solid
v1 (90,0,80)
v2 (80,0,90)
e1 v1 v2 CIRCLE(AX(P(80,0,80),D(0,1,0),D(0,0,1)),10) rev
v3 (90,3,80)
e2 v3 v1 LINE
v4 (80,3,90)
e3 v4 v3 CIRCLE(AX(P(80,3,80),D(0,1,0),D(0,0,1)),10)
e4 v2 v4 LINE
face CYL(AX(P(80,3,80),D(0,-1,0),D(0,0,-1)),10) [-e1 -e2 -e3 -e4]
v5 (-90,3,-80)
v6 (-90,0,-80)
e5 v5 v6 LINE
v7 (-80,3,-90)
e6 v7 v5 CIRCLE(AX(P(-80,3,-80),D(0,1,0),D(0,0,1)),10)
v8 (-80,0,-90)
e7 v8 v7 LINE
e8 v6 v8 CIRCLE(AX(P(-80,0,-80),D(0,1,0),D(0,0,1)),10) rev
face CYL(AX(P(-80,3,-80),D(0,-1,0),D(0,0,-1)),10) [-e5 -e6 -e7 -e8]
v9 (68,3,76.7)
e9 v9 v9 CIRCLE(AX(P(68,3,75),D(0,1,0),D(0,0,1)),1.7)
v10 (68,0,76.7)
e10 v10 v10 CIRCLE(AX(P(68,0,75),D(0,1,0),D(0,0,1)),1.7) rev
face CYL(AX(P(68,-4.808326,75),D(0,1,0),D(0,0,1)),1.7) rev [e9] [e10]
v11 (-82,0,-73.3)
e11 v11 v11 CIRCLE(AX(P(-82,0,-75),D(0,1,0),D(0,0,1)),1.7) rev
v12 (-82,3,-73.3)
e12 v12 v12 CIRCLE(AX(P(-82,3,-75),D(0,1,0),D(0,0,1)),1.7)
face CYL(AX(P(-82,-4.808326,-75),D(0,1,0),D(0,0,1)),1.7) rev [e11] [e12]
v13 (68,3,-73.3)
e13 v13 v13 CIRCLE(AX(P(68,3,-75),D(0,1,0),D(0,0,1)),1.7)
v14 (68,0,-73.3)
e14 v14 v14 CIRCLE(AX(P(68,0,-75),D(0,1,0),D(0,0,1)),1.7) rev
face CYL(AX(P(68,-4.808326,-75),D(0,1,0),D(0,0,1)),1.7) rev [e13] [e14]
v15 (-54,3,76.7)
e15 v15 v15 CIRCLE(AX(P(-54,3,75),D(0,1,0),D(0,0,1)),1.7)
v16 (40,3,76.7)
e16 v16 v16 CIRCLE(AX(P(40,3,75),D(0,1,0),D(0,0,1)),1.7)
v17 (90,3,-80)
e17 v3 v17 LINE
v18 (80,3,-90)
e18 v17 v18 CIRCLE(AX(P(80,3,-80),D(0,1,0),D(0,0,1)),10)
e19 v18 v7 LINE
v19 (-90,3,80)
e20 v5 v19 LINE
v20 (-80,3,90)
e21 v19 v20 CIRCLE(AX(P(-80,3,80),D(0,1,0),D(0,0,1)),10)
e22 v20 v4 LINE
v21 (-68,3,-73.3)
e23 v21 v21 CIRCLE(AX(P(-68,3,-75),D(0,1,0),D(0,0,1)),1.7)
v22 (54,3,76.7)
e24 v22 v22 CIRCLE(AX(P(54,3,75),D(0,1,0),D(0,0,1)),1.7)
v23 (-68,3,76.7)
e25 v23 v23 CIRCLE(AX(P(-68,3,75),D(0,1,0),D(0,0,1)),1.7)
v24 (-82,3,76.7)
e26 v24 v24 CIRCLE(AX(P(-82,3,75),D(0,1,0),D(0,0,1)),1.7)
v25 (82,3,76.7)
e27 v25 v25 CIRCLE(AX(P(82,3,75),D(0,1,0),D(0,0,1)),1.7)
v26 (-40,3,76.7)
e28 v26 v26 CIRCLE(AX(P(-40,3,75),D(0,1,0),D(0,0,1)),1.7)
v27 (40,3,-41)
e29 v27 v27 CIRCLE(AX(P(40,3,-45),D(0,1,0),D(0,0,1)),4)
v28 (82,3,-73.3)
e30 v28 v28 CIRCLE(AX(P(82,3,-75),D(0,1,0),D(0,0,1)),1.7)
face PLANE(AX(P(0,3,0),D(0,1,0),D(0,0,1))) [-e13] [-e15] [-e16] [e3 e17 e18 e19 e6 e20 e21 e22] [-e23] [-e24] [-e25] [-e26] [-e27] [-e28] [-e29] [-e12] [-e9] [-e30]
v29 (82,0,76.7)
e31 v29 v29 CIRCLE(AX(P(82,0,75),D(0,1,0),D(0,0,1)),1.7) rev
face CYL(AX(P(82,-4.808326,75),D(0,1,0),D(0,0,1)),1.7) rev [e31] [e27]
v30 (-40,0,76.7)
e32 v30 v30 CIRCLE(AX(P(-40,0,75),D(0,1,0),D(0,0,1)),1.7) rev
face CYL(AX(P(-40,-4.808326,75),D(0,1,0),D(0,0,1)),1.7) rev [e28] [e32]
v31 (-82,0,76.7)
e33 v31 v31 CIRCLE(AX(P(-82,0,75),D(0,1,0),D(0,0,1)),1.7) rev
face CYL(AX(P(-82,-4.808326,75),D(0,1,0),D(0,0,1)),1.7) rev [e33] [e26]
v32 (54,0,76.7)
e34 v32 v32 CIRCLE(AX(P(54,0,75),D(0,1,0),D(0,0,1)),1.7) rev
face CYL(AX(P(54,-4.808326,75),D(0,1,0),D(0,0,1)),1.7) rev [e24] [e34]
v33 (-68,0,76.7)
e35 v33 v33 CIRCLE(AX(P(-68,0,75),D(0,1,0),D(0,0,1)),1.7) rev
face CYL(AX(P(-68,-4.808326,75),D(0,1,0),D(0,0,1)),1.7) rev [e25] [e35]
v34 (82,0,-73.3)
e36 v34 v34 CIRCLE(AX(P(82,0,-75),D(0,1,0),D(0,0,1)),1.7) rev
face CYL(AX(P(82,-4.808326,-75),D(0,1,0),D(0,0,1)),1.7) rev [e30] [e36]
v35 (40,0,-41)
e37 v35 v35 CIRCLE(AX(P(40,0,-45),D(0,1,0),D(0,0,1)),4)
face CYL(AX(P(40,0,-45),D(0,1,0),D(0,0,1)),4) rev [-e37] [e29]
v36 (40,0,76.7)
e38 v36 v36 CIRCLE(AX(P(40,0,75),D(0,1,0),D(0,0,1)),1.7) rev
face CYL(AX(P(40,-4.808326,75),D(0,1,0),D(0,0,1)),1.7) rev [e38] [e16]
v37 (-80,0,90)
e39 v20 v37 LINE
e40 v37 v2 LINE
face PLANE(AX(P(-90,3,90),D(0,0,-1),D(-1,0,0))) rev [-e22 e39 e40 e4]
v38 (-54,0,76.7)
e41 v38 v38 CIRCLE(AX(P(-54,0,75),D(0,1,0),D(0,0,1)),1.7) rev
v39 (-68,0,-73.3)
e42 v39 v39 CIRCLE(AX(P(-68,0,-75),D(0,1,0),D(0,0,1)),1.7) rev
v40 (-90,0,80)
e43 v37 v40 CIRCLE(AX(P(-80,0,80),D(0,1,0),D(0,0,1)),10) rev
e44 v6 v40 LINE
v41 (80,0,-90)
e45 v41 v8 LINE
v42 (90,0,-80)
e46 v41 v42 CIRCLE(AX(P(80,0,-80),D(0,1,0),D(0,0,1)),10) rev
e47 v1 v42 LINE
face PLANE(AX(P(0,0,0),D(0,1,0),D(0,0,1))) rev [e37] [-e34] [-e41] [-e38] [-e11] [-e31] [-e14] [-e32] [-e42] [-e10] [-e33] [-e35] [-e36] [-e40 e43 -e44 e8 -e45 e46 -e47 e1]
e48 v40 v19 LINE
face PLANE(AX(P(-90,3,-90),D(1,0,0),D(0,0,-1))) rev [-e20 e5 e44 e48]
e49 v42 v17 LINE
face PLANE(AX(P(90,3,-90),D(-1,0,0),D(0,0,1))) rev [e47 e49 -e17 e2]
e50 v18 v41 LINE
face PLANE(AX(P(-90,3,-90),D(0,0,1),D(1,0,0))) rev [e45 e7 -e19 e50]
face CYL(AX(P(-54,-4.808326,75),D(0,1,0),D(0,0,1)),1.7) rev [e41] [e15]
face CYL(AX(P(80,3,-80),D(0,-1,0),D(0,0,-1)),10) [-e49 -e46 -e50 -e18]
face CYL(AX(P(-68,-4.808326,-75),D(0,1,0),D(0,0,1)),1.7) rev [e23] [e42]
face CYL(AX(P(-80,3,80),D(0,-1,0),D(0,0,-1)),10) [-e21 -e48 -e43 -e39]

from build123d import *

# Parameters (mm, degrees)
SKETCH1_W           = 180
SKETCH1_H           = 180
BOSS_EXTRUDE1_DEPTH = 3
FILLET1_R           = 10
SKETCH2_R           = 1.7
CUT_EXTRUDE1_DEPTH  = 3
SKETCH3_R           = 4
CUT_EXTRUDE2_DEPTH  = 128.314571044


with BuildPart() as part:
    # Sketch1 → Boss-Extrude1 (new body)
    with BuildSketch(Plane(origin=(0, 0, 0), x_dir=(1, 0, 0), z_dir=(0, 1, 0))):
        Rectangle(SKETCH1_W, SKETCH1_H)
    extrude(amount=BOSS_EXTRUDE1_DEPTH)

    # Fillet1
    fillet1_edges = [part.edges().sort_by_distance(p)[0] for p in [
        (90, 1.5, 90),
        (-90, 1.5, 90),
        (-90, 1.5, -90),
        (90, 1.5, -90),
    ]]
    fillet(fillet1_edges, radius=FILLET1_R)

    # Sketch2 → Cut-Extrude1 (cut)
    with BuildSketch(Plane(origin=(0, 3, 0), x_dir=(1, 0, 0), z_dir=(0, 1, 0))):
        with Locations(Location((-82, 75, 0), (0, 0, 270))):
            Circle(SKETCH2_R)
        with Locations(Location((-68, 75, 0), (0, 0, 270))):
            Circle(SKETCH2_R)
        with Locations(Location((68, 75, 0), (0, 0, 270))):
            Circle(SKETCH2_R)
        with Locations(Location((82, 75, 0), (0, 0, 270))):
            Circle(SKETCH2_R)
        with Locations(Location((-82, -75, 0), (0, 0, 270))):
            Circle(SKETCH2_R)
        with Locations(Location((-68, -75, 0), (0, 0, 270))):
            Circle(SKETCH2_R)
        with Locations(Location((68, -75, 0), (0, 0, 270))):
            Circle(SKETCH2_R)
        with Locations(Location((82, -75, 0), (0, 0, 270))):
            Circle(SKETCH2_R)
        with Locations(Location((-54, -75, 0), (0, 0, 270))):
            Circle(SKETCH2_R)
        with Locations(Location((54, -75, 0), (0, 0, 270))):
            Circle(SKETCH2_R)
        with Locations(Location((-40, -75, 0), (0, 0, 270))):
            Circle(SKETCH2_R)
        with Locations(Location((40, -75, 0), (0, 0, 270))):
            Circle(SKETCH2_R)
    extrude(amount=-CUT_EXTRUDE1_DEPTH, mode=Mode.SUBTRACT)

    # Sketch3 → Cut-Extrude2 (cut, through all)
    with BuildSketch(Plane(origin=(0, 3, 0), x_dir=(1, 0, 0), z_dir=(0, 1, 0))):
        with Locations(Location((40, 45, 0), (0, 0, 270))):
            Circle(SKETCH3_R)
    extrude(amount=-CUT_EXTRUDE2_DEPTH, mode=Mode.SUBTRACT)


solid = part.part
